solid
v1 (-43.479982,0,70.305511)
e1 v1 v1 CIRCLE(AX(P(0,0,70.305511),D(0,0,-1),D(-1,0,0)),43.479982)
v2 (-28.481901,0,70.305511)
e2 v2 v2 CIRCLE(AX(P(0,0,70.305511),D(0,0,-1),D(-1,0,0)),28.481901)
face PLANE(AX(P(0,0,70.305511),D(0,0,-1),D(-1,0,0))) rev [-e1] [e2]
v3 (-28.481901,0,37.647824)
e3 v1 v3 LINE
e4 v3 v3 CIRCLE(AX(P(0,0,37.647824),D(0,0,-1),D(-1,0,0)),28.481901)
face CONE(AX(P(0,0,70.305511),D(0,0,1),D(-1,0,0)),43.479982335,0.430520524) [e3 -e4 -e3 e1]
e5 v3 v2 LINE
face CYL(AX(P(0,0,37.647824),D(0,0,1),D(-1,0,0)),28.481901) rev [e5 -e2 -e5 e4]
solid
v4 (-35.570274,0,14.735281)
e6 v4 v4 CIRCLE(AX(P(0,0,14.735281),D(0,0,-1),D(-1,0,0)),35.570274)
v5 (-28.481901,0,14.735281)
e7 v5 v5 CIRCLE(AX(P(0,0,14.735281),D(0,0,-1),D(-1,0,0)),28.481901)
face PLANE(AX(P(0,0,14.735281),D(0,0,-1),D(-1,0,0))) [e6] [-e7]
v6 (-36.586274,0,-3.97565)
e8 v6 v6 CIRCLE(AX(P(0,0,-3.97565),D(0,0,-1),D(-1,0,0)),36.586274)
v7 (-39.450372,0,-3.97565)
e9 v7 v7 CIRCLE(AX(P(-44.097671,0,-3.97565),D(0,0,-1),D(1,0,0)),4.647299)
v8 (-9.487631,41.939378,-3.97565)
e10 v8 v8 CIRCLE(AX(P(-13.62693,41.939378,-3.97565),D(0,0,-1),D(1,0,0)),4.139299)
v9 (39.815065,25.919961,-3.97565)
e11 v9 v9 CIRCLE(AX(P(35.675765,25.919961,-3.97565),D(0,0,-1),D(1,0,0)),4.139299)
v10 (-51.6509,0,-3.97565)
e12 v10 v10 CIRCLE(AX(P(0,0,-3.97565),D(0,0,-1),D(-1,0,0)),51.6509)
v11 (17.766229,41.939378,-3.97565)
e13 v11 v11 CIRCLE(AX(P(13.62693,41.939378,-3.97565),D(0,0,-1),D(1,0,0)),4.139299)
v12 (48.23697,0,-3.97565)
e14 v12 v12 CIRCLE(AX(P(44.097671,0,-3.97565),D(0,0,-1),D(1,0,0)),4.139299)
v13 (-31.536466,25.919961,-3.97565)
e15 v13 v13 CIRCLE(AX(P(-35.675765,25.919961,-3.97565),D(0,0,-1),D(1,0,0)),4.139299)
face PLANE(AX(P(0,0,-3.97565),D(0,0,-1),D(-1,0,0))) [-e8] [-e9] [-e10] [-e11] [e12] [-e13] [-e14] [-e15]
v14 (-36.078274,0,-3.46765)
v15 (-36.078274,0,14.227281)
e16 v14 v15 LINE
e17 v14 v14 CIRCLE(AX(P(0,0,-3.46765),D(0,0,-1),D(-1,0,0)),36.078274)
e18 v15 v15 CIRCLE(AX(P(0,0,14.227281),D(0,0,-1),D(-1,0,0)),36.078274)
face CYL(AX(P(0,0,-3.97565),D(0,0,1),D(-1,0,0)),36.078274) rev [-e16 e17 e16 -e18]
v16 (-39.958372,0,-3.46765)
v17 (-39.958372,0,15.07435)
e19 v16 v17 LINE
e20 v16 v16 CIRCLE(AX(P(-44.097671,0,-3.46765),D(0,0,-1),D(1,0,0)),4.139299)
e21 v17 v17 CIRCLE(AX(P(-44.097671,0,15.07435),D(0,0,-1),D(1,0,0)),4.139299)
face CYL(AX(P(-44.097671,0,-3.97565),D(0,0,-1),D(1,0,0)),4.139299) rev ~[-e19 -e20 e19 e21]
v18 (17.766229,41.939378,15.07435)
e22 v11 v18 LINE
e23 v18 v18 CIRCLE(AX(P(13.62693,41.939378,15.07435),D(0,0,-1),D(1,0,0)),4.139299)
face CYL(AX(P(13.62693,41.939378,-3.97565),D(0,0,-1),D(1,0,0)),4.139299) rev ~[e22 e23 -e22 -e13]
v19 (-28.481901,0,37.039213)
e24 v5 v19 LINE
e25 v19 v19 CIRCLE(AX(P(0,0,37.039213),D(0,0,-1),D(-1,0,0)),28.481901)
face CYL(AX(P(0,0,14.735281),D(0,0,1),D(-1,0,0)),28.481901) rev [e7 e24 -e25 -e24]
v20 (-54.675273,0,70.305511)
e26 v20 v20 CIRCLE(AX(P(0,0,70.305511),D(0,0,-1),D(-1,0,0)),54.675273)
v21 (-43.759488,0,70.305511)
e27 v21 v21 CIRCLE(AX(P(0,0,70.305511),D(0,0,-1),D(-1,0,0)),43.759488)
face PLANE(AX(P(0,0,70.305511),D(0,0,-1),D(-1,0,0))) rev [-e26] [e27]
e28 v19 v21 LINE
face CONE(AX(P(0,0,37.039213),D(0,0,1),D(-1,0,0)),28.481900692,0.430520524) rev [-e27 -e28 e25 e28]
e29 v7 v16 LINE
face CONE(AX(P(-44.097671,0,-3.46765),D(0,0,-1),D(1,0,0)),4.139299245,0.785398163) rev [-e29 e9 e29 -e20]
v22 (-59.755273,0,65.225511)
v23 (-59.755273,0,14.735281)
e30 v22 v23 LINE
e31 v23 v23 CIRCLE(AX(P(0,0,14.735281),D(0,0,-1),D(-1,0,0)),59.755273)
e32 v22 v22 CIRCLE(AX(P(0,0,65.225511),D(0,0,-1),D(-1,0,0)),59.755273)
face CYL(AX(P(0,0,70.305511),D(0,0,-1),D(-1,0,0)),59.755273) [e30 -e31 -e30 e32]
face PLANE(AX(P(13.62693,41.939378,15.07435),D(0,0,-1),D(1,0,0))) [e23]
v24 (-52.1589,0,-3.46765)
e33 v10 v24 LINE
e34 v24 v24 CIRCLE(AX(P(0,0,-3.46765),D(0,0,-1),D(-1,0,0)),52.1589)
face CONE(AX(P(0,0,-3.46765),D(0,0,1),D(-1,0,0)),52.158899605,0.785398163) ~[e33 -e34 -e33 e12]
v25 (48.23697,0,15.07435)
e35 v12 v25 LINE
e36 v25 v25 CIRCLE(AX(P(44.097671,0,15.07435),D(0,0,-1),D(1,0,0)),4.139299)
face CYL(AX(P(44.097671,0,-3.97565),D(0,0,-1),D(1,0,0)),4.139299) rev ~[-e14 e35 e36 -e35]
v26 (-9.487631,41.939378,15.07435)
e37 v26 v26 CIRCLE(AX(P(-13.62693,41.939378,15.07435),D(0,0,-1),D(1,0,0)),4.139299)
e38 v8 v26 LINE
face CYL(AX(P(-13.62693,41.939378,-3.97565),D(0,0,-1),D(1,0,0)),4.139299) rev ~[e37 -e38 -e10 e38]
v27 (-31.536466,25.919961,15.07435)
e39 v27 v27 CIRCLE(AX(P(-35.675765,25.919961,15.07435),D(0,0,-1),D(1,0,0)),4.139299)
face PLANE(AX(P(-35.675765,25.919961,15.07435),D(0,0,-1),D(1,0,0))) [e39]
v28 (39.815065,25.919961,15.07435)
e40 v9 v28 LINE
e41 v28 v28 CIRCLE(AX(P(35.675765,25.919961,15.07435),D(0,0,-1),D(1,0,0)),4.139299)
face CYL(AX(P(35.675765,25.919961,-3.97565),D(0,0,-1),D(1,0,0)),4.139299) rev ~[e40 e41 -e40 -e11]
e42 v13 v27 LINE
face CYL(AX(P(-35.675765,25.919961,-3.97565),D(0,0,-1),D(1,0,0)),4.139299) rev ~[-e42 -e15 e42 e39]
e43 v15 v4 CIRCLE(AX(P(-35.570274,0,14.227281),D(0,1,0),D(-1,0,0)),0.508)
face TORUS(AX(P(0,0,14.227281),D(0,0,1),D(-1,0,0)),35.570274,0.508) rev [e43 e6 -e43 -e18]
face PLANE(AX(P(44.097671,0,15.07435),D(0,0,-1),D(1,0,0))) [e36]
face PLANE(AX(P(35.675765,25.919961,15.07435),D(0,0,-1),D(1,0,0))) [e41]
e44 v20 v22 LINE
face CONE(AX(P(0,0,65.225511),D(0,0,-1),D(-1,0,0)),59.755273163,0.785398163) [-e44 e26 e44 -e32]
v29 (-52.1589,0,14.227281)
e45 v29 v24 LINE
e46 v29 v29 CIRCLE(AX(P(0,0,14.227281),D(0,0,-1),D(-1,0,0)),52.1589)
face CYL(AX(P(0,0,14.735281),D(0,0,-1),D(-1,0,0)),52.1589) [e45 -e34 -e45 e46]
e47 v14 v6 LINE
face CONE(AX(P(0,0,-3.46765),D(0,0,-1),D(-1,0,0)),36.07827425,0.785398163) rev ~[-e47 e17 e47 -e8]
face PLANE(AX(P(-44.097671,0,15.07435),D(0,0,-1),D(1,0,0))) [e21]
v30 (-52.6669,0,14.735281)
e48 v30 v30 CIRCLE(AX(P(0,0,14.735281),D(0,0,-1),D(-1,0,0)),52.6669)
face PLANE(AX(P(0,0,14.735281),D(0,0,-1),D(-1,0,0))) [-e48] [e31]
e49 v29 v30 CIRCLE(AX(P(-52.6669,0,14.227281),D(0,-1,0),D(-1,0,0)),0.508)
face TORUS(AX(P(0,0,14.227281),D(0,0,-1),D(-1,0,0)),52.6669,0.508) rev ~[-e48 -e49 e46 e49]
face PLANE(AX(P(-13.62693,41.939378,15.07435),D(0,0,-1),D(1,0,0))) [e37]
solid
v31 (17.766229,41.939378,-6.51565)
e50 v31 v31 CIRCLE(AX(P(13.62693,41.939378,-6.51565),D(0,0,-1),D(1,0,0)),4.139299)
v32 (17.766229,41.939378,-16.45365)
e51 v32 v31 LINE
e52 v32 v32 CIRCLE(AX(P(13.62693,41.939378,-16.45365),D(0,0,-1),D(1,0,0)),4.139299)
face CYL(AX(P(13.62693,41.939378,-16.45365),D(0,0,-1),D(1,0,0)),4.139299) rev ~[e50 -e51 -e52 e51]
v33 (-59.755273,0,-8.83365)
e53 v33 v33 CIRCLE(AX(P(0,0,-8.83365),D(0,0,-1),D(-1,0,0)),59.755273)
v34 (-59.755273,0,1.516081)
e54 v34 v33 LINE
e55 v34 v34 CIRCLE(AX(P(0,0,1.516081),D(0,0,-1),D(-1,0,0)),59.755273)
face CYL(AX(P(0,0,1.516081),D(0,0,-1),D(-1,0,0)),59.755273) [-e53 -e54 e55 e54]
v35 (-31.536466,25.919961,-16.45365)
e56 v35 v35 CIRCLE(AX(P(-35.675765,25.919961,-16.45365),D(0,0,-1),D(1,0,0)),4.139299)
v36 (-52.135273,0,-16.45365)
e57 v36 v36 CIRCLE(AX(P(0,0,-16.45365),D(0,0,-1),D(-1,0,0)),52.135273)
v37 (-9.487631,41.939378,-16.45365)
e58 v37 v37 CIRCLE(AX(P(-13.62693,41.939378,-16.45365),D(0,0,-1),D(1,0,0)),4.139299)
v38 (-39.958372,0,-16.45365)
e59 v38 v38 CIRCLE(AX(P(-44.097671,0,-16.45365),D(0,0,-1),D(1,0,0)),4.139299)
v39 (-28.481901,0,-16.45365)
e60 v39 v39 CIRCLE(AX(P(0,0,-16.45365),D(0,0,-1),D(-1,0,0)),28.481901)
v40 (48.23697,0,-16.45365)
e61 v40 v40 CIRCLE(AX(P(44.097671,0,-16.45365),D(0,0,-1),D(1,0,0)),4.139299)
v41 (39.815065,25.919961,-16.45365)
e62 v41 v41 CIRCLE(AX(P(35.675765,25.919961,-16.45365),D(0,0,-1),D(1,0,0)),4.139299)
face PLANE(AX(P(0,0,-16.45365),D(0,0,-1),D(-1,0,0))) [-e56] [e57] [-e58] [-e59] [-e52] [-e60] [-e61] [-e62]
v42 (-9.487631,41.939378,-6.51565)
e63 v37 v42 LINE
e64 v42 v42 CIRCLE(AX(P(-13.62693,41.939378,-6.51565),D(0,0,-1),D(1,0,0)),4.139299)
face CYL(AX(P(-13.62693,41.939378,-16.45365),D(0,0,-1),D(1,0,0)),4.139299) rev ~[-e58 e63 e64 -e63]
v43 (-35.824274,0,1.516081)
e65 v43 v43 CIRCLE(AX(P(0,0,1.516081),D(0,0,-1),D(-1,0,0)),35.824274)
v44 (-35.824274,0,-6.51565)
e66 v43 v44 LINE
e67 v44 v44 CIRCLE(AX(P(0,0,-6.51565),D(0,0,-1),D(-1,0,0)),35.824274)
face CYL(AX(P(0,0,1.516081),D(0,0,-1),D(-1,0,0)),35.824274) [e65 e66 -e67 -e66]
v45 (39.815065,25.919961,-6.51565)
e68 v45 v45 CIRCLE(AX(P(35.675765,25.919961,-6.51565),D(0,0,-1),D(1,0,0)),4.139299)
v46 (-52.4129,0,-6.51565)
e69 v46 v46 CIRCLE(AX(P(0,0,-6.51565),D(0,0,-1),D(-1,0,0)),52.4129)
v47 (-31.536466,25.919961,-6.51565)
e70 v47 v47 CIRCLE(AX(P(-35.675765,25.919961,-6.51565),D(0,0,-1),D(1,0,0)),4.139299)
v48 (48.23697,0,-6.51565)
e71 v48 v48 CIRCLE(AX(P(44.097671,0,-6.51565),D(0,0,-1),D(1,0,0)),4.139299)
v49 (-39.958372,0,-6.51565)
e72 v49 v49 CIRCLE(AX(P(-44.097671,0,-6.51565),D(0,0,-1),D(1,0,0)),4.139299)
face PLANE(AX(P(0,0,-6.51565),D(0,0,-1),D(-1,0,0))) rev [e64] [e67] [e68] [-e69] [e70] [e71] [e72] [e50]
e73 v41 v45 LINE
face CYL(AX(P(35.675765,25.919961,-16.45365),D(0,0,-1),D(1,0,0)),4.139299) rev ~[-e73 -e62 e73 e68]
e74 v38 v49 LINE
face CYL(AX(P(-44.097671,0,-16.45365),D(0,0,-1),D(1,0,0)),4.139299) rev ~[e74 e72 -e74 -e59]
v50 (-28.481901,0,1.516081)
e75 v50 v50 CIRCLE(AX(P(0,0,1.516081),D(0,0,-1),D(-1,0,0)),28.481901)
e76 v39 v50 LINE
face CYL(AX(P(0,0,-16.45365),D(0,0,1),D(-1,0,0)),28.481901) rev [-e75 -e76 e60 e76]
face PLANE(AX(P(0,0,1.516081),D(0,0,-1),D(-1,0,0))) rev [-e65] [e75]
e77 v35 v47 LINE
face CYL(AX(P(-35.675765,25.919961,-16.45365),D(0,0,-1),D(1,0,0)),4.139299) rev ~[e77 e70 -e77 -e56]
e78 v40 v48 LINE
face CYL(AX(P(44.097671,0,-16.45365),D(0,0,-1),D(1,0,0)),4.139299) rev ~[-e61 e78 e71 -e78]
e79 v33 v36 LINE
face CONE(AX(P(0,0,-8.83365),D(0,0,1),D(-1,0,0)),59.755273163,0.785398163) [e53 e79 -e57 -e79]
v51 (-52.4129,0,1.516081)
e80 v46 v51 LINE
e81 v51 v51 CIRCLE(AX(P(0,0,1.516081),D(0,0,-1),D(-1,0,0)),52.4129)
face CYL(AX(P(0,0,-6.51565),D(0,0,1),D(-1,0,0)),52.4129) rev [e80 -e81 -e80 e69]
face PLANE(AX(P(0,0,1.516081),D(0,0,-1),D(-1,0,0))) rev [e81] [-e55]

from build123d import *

# Parameters (mm, degrees)
F2_SIZE  = 7.62
F3_R     = 4.1392992447
F4_DEPTH = 86.7601612041
F5_R     = 4.1392992447
F6_DEPTH = 19.05
F7_SIZE  = 0.508
F8_R     = 0.508
F9_SIZE  = 5.08


with BuildPart() as f1:
    # F0 (on Front) → F1 (revolve)
    with BuildSketch(Plane.XZ):
        Polygon((-36.07827425, 14.7352814674), (-28.481900692, 14.7352814674), (-28.481900692, 24.7980058193), (-59.7552731633, 24.7980058193), (-59.7552731633, 14.7352814674), (-52.1588996053, 14.7352814674), (-52.1588996053, -3.9756504729), (-36.07827425, -3.9756504729), align=None)
        Polygon((-59.7552731633, 24.7980058193), (-28.481900692, 24.7980058193), (-28.481900692, 37.0392128825), (-43.7594875693, 70.3055113554), (-59.7552731633, 70.3055113554), align=None)
    revolve(axis=Axis((0, 0, 0.3030002117), (0, 0, -1)))

    # F5 (on face) → F6 (cut)
    with BuildSketch(Plane(origin=(0, 0, -3.9756504729), x_dir=(1, 0, 0), z_dir=(0, 0, -1))):
        with Locations((-44.0976712112, 0)):
            Circle(F5_R)
        with Locations((-35.6757654222, -25.9199607984)):
            Circle(F5_R)
        with Locations((-13.6269298166, -41.9393775588)):
            Circle(F5_R)
        with Locations((13.6269298166, -41.9393775588)):
            Circle(F5_R)
        with Locations((35.6757654222, -25.9199607984)):
            Circle(F5_R)
        with Locations((44.0976712112, 0)):
            Circle(F5_R)
    extrude(amount=-F6_DEPTH, mode=Mode.SUBTRACT)

    # F7
    f7_edges = [f1.edges().sort_by_distance(p)[0] for p in [
        (52.1589, 0, -3.97565),
        (-48.23697, 0, -3.97565),
        (36.078274, 0, -3.97565),
    ]]
    chamfer(f7_edges, length=F7_SIZE)

    # F8
    f8_edges = [f1.edges().sort_by_distance(p)[0] for p in [
        (52.1589, 0, 14.735281),
        (36.078274, 0, 14.735281),
    ]]
    fillet(f8_edges, radius=F8_R)

    # F9
    f9_edges = [f1.edges().sort_by_distance(p)[0] for p in [
        (59.755273, 0, 70.305511),
    ]]
    chamfer(f9_edges, length=F9_SIZE)


with BuildPart() as f1b:
    # F0 (on Front) → F1, piece 2 (revolve)
    with BuildSketch(Plane.XZ):
        Polygon((-28.481900692, -16.4536498487), (-28.481900692, 1.5160813928), (-35.82427425, 1.5160813928), (-35.82427425, -6.5156504729), (-52.4128996053, -6.5156504729), (-52.4128996053, 1.5160813928), (-59.7552731633, 1.5160813928), (-59.7552731633, -16.4536498487), align=None)
    revolve(axis=Axis((0, 0, 0.3030002117), (0, 0, -1)))

    # F2
    f2_edges = [f1b.edges().sort_by_distance(p)[0] for p in [
        (59.755273, 0, -16.45365),
    ]]
    chamfer(f2_edges, length=F2_SIZE)

    # F3 (on face) → F4 (cut, through all)
    with BuildSketch(Plane(origin=(0, 0, -16.4536498487), x_dir=(1, 0, 0), z_dir=(0, 0, -1))):
        with Locations((-44.0976712112, 0)):
            Circle(F3_R)
        with Locations((-35.6757654222, -25.9199607984)):
            Circle(F3_R)
        with Locations((-13.6269298166, -41.9393775588)):
            Circle(F3_R)
        with Locations((13.6269298166, -41.9393775588)):
            Circle(F3_R)
        with Locations((35.6757654222, -25.9199607984)):
            Circle(F3_R)
        with Locations((44.0976712112, 0)):
            Circle(F3_R)
    extrude(amount=-F4_DEPTH, mode=Mode.SUBTRACT)


with BuildPart() as f1c:
    # F0 (on Front) → F1, piece 3 (revolve)
    with BuildSketch(Plane.XZ):
        Polygon((-28.481900692, 37.6478236936), (-28.481900692, 70.3055113554), (-43.4799823353, 70.3055113554), align=None)
    revolve(axis=Axis((0, 0, 0.3030002117), (0, 0, -1)))


solid = Compound([f1.part, f1b.part, f1c.part])
